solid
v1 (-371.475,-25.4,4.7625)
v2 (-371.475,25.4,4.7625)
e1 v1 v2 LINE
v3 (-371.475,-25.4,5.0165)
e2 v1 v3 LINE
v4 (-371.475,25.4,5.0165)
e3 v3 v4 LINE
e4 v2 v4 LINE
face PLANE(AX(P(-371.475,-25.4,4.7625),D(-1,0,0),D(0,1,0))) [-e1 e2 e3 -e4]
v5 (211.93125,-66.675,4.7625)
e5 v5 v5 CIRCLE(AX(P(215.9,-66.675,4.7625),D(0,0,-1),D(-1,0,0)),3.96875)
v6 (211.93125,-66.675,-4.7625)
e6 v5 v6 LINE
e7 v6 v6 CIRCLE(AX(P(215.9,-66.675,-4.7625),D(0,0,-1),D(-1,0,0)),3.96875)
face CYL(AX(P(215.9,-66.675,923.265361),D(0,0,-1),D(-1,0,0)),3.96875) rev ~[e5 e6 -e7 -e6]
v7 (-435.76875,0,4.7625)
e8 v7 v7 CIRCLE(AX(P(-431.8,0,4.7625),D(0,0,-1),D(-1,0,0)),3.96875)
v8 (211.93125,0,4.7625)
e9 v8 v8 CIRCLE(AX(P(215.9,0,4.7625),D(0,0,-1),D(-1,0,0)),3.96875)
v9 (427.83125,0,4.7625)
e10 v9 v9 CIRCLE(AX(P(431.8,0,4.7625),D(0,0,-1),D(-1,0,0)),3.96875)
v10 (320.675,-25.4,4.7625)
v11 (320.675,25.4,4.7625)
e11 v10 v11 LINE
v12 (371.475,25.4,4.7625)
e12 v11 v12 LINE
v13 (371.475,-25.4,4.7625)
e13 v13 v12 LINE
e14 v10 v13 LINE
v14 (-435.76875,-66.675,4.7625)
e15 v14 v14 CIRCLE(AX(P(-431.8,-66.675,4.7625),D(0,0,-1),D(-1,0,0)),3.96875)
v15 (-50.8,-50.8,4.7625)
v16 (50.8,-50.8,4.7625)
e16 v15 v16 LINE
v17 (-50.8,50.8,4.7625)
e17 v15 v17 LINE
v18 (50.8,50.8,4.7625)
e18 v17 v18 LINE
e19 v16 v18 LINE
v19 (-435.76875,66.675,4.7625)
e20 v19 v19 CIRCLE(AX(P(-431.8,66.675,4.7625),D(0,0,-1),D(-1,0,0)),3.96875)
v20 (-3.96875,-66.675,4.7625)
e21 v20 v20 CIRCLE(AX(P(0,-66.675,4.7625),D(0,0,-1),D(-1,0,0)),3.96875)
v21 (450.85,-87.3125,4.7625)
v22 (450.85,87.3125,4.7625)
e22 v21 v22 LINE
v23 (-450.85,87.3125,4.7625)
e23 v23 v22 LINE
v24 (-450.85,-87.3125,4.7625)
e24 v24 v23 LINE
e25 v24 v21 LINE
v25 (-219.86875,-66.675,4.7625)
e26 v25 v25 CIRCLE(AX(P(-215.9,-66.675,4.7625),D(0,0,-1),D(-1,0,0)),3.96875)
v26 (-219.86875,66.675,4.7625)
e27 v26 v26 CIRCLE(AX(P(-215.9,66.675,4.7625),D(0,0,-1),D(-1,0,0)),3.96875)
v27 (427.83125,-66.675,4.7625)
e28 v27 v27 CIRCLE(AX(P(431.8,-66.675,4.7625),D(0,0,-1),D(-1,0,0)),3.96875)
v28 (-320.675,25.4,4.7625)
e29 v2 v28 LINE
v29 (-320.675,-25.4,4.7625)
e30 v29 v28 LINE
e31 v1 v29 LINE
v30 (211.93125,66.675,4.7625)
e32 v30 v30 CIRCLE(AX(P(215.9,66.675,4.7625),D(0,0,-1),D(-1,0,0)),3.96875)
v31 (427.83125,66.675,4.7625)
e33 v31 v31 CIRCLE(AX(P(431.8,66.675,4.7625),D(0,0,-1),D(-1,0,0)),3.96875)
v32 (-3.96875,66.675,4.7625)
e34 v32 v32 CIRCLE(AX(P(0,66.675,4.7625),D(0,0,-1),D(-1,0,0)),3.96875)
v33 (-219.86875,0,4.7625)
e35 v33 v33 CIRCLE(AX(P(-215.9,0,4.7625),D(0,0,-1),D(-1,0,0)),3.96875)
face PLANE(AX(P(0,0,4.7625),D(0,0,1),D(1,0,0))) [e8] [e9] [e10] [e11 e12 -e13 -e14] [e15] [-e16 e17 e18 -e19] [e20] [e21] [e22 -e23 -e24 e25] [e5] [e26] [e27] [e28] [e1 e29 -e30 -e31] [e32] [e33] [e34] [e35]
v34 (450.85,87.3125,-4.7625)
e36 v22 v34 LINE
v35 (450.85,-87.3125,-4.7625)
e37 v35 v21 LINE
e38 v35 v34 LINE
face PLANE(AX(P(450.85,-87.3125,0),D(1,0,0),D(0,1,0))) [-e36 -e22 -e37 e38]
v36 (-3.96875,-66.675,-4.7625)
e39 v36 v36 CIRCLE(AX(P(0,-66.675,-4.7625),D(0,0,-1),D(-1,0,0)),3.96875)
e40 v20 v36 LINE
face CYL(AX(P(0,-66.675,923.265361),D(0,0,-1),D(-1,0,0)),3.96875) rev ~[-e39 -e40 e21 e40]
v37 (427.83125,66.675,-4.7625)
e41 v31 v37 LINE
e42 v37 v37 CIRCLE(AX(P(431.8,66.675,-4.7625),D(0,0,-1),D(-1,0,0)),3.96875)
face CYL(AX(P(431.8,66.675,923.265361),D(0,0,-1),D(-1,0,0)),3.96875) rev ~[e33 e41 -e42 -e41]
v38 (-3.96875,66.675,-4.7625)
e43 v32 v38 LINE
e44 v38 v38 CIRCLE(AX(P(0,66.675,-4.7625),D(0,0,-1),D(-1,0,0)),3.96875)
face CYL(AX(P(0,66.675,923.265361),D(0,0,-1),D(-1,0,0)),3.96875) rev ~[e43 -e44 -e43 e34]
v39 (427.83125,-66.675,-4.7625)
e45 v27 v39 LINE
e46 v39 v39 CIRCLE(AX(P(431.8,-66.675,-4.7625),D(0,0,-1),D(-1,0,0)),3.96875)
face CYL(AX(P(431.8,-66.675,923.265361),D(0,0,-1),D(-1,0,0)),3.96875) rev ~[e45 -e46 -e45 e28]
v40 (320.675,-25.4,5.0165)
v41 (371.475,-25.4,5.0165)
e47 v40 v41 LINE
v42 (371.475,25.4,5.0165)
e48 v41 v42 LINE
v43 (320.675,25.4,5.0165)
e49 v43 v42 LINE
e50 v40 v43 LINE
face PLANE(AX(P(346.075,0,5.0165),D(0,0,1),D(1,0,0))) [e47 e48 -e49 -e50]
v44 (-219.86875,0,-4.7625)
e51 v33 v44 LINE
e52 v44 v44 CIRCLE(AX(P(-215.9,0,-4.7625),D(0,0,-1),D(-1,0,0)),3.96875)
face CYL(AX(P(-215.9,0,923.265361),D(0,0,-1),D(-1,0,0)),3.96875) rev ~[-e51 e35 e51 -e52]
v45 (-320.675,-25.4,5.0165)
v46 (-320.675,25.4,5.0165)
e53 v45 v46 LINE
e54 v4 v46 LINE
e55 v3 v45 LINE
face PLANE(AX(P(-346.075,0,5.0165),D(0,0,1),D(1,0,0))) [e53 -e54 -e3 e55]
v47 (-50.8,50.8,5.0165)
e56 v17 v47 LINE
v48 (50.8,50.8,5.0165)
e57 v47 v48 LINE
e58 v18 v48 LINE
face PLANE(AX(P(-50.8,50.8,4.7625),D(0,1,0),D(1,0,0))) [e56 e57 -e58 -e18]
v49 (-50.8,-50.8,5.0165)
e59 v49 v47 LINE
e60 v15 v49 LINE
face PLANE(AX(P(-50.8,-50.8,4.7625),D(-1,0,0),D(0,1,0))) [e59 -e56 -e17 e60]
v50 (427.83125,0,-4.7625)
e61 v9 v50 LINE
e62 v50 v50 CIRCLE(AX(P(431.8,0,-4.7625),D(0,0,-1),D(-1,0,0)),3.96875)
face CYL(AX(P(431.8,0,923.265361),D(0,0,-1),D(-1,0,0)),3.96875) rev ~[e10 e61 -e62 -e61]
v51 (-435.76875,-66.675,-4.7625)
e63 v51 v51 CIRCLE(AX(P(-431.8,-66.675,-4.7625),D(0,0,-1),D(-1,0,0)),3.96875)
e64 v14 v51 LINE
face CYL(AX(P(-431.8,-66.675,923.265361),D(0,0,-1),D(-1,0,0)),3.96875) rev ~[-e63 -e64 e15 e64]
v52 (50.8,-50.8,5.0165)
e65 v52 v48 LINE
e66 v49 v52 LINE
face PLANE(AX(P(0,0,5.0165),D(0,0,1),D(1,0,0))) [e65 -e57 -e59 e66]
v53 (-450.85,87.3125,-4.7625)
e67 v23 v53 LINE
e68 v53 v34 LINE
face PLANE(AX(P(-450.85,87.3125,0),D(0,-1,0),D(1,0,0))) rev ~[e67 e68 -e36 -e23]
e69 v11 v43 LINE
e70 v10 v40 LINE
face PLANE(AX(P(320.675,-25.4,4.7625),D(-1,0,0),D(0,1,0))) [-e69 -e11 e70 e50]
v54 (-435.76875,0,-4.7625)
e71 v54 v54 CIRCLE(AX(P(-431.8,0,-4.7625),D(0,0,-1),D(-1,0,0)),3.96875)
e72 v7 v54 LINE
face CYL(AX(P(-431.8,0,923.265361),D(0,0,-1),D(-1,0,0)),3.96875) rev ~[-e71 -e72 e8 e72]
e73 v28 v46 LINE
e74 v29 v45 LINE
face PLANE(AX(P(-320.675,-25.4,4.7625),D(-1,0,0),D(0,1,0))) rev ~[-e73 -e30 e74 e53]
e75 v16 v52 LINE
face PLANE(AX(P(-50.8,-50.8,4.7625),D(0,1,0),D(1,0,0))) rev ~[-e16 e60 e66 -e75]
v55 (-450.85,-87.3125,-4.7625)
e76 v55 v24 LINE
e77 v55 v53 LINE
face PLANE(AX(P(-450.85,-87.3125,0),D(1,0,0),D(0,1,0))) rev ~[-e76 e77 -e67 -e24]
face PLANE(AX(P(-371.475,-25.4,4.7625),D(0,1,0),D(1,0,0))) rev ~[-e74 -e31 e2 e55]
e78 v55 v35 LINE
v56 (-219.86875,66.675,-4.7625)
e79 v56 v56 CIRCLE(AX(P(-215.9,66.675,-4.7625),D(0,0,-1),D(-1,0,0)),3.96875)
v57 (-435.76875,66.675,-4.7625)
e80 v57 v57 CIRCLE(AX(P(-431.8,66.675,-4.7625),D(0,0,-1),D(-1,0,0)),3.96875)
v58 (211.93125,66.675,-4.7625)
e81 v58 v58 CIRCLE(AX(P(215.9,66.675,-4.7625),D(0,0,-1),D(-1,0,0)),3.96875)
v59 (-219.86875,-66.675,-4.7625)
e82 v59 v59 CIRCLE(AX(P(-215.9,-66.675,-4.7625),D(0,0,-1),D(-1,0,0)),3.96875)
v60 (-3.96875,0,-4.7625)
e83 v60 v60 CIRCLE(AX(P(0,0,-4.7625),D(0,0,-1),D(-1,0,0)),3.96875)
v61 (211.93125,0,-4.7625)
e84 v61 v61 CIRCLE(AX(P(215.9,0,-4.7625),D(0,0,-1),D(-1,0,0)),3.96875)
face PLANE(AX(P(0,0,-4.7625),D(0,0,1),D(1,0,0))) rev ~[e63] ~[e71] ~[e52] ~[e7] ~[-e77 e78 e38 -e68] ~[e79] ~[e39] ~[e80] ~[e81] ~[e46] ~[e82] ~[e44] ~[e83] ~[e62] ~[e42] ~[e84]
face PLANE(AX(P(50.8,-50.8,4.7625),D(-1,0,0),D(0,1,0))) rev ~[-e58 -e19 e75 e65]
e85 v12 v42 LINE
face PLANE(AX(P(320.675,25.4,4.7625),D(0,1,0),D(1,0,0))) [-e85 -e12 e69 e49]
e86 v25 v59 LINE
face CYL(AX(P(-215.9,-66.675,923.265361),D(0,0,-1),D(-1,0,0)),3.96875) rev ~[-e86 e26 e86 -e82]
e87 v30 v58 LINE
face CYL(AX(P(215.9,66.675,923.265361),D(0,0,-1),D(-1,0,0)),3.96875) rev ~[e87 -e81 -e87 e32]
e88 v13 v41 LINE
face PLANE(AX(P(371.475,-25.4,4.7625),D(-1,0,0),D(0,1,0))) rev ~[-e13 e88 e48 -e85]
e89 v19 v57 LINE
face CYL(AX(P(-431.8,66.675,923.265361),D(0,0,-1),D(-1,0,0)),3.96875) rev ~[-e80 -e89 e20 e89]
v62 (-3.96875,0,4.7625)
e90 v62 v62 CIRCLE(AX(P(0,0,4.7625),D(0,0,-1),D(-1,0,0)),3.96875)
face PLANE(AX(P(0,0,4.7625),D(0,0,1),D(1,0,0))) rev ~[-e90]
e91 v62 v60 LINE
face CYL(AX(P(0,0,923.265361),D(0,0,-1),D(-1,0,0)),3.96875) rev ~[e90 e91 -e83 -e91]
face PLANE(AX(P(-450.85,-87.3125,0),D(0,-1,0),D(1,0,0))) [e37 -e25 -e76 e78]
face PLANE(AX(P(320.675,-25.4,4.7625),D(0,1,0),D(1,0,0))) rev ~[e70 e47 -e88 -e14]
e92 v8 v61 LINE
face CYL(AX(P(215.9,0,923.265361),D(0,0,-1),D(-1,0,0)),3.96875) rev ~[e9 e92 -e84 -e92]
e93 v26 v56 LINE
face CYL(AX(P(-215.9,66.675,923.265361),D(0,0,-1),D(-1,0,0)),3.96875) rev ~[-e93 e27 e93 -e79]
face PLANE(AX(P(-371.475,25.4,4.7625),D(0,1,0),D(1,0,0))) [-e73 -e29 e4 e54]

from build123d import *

# Parameters (mm, degrees)
F0_W     = 901.7
F0_H     = 174.625
F1_DEPTH = 4.7625
F3_D     = 7.9375
F4_W     = 101.6
F4_H     = 101.6
F4_W_2   = 50.8
F4_H_2   = 50.8
F5_DEPTH = 0.254


with BuildPart() as f1:
    # F0 (on Top) → F1 (new body, symmetric)
    with BuildSketch(Plane.XY):
        Rectangle(F0_W, F0_H)
    extrude(amount=F1_DEPTH, both=True)

    # F3 (through all)
    with Locations(Plane.XY.offset(4.7625)):
        with Locations((-215.9, 66.675), (-215.9, 0), (-215.9, -66.675), (-431.8, 66.675), (-431.8, 0), (-431.8, -66.675), (0, 66.675), (0, 0), (0, -66.675), (215.9, 66.675), (215.9, 0), (215.9, -66.675), (431.8, -66.675), (431.8, 0), (431.8, 66.675)):
            Hole(F3_D / 2)

    # F4 (on face) → F5 (join)
    with BuildSketch(Plane.XY.offset(4.7625)):
        Rectangle(F4_W, F4_H)
        with Locations((-346.075, 0)):
            Rectangle(F4_W_2, F4_H_2)
        with Locations((346.075, 0)):
            Rectangle(F4_W_2, F4_H_2)
    extrude(amount=F5_DEPTH)


solid = f1.part
